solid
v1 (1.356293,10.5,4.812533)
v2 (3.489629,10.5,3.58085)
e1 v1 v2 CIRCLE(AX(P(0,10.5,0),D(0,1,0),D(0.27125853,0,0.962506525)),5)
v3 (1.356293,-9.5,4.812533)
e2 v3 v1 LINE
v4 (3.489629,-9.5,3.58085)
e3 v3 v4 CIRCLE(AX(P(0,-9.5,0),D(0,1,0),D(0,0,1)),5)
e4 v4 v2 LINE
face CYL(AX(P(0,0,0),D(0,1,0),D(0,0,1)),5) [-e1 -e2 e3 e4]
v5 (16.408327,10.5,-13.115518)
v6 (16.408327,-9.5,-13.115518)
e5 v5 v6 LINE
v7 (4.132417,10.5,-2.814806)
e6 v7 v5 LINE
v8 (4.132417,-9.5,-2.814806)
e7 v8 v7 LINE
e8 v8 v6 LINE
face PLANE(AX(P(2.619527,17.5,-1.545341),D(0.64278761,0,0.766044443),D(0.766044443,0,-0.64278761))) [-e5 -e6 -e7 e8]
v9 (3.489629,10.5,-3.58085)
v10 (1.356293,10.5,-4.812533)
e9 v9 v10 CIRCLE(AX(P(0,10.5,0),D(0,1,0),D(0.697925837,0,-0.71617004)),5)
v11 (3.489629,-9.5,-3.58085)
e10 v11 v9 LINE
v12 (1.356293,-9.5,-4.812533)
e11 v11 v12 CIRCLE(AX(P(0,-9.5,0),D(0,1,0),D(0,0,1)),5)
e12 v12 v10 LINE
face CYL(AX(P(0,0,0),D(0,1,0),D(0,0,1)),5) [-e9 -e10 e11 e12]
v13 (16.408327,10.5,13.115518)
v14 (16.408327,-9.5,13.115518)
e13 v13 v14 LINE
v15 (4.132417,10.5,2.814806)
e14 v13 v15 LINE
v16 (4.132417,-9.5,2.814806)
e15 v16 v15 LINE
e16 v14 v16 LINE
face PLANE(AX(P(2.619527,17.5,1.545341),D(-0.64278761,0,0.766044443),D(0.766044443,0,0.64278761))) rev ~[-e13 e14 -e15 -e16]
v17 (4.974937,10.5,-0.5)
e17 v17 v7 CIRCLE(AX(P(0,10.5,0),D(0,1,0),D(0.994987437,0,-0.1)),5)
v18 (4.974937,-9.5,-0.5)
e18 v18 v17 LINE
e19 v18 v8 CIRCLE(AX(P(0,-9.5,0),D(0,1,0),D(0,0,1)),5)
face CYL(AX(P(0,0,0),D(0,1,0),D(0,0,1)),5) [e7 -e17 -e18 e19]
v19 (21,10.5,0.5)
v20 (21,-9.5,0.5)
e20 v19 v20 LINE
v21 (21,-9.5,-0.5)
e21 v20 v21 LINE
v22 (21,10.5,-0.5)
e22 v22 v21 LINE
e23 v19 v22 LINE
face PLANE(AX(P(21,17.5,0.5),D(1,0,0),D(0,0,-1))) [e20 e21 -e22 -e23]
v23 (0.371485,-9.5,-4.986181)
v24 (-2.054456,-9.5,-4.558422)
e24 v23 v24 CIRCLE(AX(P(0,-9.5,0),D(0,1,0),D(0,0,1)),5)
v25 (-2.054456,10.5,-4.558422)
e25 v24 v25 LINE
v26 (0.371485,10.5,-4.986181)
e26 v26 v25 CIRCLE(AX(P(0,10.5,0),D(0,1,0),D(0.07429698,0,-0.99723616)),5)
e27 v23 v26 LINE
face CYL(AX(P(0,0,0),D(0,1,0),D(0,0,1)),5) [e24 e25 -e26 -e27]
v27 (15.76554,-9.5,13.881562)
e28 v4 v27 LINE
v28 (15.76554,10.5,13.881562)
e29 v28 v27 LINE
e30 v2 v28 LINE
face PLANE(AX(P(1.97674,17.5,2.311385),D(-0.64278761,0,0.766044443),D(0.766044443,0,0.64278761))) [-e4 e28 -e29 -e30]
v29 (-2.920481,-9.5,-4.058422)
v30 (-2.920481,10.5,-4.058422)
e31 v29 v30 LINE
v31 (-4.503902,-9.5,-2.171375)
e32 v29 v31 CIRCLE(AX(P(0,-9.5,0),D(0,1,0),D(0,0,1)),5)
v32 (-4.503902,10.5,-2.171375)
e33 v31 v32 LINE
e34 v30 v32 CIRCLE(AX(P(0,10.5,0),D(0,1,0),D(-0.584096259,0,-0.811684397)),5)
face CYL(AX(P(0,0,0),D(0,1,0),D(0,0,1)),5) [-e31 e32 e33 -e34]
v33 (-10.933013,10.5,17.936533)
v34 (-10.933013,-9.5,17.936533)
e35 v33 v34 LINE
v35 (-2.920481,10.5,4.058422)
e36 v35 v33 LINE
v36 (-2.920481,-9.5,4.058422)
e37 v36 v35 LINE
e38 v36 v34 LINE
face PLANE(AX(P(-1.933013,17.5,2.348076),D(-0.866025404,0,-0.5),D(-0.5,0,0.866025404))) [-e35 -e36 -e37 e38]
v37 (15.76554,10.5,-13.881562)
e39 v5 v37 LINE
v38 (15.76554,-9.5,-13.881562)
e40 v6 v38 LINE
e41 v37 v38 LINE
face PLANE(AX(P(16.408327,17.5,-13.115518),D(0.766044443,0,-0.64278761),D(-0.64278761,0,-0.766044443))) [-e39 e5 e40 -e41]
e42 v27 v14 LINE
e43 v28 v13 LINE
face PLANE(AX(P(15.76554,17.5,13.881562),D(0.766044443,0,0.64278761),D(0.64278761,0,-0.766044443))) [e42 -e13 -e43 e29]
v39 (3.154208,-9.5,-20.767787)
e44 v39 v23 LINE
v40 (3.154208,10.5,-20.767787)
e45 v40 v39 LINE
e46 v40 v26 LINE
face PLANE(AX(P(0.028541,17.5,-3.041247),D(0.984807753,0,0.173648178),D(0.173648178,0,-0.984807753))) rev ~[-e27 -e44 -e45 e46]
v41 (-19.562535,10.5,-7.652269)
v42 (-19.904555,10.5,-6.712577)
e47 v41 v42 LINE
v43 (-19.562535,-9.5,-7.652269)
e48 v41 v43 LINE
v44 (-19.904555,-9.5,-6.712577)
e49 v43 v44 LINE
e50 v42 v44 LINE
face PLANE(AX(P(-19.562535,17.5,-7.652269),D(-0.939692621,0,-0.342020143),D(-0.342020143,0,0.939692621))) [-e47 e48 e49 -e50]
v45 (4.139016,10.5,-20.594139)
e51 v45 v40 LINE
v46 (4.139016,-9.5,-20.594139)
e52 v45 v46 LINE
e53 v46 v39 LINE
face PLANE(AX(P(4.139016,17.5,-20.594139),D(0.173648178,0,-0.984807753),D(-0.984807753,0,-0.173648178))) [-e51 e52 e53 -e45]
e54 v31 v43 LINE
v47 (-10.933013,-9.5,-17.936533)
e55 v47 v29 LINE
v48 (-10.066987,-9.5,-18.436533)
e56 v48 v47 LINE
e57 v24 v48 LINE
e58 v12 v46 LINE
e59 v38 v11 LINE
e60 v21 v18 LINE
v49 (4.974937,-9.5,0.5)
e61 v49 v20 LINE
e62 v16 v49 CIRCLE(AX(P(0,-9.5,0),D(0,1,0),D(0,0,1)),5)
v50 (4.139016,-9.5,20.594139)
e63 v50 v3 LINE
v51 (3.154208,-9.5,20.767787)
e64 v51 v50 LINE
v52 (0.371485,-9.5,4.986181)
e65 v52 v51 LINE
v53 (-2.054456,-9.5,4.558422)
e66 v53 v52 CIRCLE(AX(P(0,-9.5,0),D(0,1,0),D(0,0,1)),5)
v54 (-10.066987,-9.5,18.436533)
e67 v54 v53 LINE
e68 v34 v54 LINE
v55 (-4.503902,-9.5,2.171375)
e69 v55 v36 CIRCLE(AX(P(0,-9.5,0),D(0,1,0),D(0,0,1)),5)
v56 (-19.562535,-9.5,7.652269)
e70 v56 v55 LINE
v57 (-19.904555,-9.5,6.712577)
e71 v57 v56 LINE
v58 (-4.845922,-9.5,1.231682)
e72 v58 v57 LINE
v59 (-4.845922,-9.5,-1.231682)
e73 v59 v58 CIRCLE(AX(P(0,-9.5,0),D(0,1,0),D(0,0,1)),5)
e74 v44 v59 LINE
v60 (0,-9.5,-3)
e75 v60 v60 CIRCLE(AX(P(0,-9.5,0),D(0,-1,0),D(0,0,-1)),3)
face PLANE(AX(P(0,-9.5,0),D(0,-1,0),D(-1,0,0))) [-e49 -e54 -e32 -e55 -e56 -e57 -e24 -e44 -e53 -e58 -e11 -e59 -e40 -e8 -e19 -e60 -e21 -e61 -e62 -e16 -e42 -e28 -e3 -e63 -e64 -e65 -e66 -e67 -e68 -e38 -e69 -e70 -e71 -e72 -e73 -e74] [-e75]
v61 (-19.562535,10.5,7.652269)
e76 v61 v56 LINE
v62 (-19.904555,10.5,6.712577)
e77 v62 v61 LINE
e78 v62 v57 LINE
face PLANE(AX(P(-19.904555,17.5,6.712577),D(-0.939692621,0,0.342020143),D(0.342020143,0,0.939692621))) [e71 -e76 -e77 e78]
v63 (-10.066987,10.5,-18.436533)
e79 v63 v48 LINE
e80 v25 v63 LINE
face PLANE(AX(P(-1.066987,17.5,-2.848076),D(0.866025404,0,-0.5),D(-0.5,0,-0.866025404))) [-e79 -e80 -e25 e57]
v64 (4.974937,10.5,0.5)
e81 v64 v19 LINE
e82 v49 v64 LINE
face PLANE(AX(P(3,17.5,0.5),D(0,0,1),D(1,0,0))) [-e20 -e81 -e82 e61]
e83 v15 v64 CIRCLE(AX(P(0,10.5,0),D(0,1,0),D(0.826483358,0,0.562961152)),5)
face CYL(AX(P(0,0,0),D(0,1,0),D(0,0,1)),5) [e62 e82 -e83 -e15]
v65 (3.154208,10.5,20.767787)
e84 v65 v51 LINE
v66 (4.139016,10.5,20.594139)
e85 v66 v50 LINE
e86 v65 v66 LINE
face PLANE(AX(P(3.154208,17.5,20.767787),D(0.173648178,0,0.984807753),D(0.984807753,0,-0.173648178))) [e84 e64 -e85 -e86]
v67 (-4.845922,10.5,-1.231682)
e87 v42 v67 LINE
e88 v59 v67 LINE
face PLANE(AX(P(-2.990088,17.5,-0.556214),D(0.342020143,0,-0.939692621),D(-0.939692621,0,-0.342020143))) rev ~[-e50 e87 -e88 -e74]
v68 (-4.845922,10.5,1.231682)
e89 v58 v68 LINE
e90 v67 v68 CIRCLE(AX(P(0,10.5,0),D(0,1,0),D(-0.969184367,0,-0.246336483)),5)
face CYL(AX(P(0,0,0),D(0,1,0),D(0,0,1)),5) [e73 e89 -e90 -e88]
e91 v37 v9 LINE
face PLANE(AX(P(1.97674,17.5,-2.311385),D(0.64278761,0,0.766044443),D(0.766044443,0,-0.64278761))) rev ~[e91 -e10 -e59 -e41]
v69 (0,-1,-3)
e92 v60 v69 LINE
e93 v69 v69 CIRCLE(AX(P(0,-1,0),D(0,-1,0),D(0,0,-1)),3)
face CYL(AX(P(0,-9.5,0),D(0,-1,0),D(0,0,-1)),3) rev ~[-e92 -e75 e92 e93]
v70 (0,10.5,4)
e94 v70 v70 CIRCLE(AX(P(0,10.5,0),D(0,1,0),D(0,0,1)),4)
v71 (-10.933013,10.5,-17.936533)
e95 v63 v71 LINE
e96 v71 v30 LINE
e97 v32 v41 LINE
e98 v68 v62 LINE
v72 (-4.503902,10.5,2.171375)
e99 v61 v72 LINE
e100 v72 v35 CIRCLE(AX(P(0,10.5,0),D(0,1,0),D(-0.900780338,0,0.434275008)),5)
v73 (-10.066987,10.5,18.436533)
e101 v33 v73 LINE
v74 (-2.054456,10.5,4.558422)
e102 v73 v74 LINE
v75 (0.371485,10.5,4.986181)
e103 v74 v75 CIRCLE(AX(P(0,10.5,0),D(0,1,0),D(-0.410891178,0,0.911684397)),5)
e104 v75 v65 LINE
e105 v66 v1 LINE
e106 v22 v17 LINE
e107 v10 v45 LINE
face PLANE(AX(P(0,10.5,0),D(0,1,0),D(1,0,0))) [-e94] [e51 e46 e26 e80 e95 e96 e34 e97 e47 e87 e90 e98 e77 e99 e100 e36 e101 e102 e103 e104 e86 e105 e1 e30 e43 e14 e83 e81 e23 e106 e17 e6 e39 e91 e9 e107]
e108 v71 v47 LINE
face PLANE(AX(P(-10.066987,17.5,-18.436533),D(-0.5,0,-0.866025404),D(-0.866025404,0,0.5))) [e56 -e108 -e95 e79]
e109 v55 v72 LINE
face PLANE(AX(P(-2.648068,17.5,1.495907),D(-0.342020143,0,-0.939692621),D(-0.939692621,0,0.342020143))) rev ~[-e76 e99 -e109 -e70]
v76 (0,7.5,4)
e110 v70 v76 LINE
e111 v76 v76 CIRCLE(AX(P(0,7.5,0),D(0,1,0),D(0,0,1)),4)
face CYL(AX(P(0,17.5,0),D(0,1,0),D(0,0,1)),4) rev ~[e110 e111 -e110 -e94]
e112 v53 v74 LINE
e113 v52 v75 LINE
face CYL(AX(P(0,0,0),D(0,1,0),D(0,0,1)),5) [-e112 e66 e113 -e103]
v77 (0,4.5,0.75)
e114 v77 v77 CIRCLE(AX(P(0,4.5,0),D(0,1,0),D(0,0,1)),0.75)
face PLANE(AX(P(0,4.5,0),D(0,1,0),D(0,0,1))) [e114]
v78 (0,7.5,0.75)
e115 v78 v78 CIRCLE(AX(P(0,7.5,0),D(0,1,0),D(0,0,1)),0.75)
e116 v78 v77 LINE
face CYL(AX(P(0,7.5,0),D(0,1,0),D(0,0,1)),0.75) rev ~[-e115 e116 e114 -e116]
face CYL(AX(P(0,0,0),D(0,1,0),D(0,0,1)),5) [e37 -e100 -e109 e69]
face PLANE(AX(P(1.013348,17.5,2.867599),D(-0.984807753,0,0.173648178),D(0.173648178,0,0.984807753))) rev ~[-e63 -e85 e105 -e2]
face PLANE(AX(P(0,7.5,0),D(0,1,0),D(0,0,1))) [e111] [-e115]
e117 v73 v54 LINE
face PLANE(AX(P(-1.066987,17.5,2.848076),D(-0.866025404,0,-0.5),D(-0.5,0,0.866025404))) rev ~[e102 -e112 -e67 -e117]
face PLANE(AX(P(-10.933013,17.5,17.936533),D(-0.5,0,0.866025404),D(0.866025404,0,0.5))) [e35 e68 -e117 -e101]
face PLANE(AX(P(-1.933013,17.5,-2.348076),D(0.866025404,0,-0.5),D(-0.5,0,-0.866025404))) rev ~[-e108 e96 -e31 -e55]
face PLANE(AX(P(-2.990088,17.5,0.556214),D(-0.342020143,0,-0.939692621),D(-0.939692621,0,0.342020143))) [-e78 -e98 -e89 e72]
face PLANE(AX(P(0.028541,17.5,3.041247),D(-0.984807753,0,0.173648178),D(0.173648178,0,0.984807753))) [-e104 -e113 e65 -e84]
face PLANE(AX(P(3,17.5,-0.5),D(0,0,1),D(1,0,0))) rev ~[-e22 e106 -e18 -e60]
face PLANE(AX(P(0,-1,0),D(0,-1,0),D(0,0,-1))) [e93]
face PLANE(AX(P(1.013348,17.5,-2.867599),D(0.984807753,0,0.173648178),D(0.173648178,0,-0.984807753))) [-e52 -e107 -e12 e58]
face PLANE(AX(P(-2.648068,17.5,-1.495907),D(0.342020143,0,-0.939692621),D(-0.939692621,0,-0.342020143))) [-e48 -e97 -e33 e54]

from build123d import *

# Parameters (mm, degrees)
SKETCH1_R           = 5
SKETCH1_R_2         = 3
BOSS_EXTRUDE2_DEPTH = 17.5
SKETCH4_W           = 18
SKETCH4_H           = 1
EXTRUDE_THIN1_DEPTH = 35
CIRPATTERN1_COUNT   = 9
SKETCH5_R           = 3
BOSS_EXTRUDE3_DEPTH = 15
SKETCH6_R           = 3.5
SKETCH6_R_2         = 1.5
CUT_EXTRUDE1_DEPTH  = 6
SKETCH15_R          = 1.5
CUT_EXTRUDE2_DEPTH  = 2
SKETCH17_R          = 2.5
BOSS_EXTRUDE4_DEPTH = 3
SKETCH18_R          = 2
CUT_EXTRUDE3_DEPTH  = 2
SKETCH19_R          = 4
CUT_EXTRUDE4_DEPTH  = 20
SKETCH20_W          = 45.677284088
SKETCH20_H          = 45.724664858
CUT_EXTRUDE5_DEPTH  = 8
SKETCH21_R          = 3
BOSS_EXTRUDE5_DEPTH = 1
SKETCH24_R          = 9.912143672
BOSS_EXTRUDE6_DEPTH = 0.5
SKETCH25_R          = 3.2
CUT_EXTRUDE6_DEPTH  = 2.1
SKETCH26_R          = 3.2
BOSS_EXTRUDE7_DEPTH = 0.25
CUT_EXTRUDE8_START  = -7.5
CUT_EXTRUDE8_DEPTH  = 7.5
SKETCH28_R          = 0.5
CUT_EXTRUDE9_DEPTH  = 1.5
CUT_EXTRUDE10_DEPTH = 7
BOSS_EXTRUDE8_START = 10
SKETCH30_R          = 4
BOSS_EXTRUDE8_DEPTH = 10
SKETCH33_R          = 18.064901356
CUT_EXTRUDE13_DEPTH = 20
SKETCH34_R          = 3
CUT_EXTRUDE14_DEPTH = 8.5
SKETCH35_R          = 0.75
CUT_EXTRUDE16_DEPTH = 3


with BuildPart() as part:
    # Sketch1 → Boss-Extrude2 (new, symmetric)
    with BuildSketch(Plane(origin=(0, 0, 0), x_dir=(1, 0, 0), z_dir=(0, 1, 0))):
        with Locations(Location((0, 0, 0), (0, 0, 270))):
            Circle(SKETCH1_R)
        with Locations(Location((0, 0, 0), (0, 0, 270))):
            Circle(SKETCH1_R_2, mode=Mode.SUBTRACT)
    extrude(amount=BOSS_EXTRUDE2_DEPTH, both=True)

    # Sketch4 → Extrude-Thin1 (add)
    with BuildSketch(Plane(origin=(0, 17.5, 0), x_dir=(1, 0, 0), z_dir=(0, 1, 0))):
        with Locations((12, 0)):
            Rectangle(SKETCH4_W, SKETCH4_H)
    extrude_thin1 = extrude(amount=-EXTRUDE_THIN1_DEPTH)

    # CirPattern1: Extrude-Thin1 ×9 about axis
    cirpattern1_axis = Axis((0, 0, 0), (0, 1, 0))
    for i in range(1, CIRPATTERN1_COUNT):
        add(extrude_thin1.rotate(cirpattern1_axis, i * 360 / CIRPATTERN1_COUNT))

    # Sketch5 → Boss-Extrude3 (add)
    with BuildSketch(Plane(origin=(0, -17.5, 0), x_dir=(-1, 0, 0), z_dir=(0, -1, 0))):
        with Locations(Location((0, 0, 0), (0, 0, 90))):
            Circle(SKETCH5_R)
    extrude(amount=-BOSS_EXTRUDE3_DEPTH)

    # Sketch6 → Cut-Extrude1 (cut)
    with BuildSketch(Plane(origin=(0, -17.5, 0), x_dir=(-1, 0, 0), z_dir=(0, -1, 0))):
        with Locations(Location((0, 0, 0), (0, 0, 90))):
            Circle(SKETCH6_R)
        with Locations(Location((0, 0, 0), (0, 0, 90))):
            Circle(SKETCH6_R_2, mode=Mode.SUBTRACT)
    extrude(amount=-CUT_EXTRUDE1_DEPTH, mode=Mode.SUBTRACT)

    # Sketch15 → Cut-Extrude2 (cut)
    with BuildSketch(Plane.XZ.offset(17.5)):
        with Locations(Location((0, 0, 0), (0, 0, 270))):
            Circle(SKETCH15_R)
    extrude(amount=-CUT_EXTRUDE2_DEPTH, mode=Mode.SUBTRACT)

    # Sketch17 → Boss-Extrude4 (add)
    with BuildSketch(Plane.XZ.offset(17.5)):
        with Locations((18.5, 0)):
            Circle(SKETCH17_R)
    extrude(amount=-BOSS_EXTRUDE4_DEPTH)

    # Sketch18 → Cut-Extrude3 (cut)
    with BuildSketch(Plane.XZ.offset(17.5)):
        with Locations(Location((18.5, 0, 0), (0, 0, 270))):
            Circle(SKETCH18_R)
    extrude(amount=-CUT_EXTRUDE3_DEPTH, mode=Mode.SUBTRACT)

    # Sketch19 → Cut-Extrude4 (cut)
    with BuildSketch(Plane(origin=(0, 17.5, 0), x_dir=(1, 0, 0), z_dir=(0, 1, 0))):
        with Locations(Location((0, 0, 0), (0, 0, 270))):
            Circle(SKETCH19_R)
    extrude(amount=-CUT_EXTRUDE4_DEPTH, mode=Mode.SUBTRACT)

    # Sketch20 → Cut-Extrude5 (cut)
    with BuildSketch(Plane(origin=(0, -17.5, 0), x_dir=(-1, 0, 0), z_dir=(0, -1, 0))):
        Rectangle(SKETCH20_W, SKETCH20_H)
    extrude(amount=-CUT_EXTRUDE5_DEPTH, mode=Mode.SUBTRACT)

    # Sketch21 → Boss-Extrude5 (add)
    with BuildSketch(Plane.XZ.offset(9.5)):
        with Locations(Location((0, 0, 0), (0, 0, 90))):
            Circle(SKETCH21_R)
    extrude(amount=BOSS_EXTRUDE5_DEPTH)

    # Sketch23 → Revolve1 (revolve)
    with BuildSketch(Plane(origin=(0, 0, 0), x_dir=(0, 0, -1), z_dir=(1, 0, 0))):
        with BuildLine():
            Line((-3, -10.5), (-2, -10.5))
            Line((-2, -10.5), (0, -10.5))
            Line((0, -10.5), (0, -17.5))
            Line((0, -17.5), (-8.912143672, -17.5))
            Line((-8.912143672, -17.5), (-9.912143672, -17.5))
            ThreePointArc((-9.912143672, -17.5), (-7.260403323, -13.2057636), (-3, -10.5))
        make_face()
    revolve(axis=Axis((0, -11.130650603, 0), (0, -1, 0)))

    # Sketch24 → Boss-Extrude6 (add)
    with BuildSketch(Plane.XZ.offset(17.5)):
        with Locations(Location((0, 0, 0), (0, 0, 270))):
            Circle(SKETCH24_R)
    extrude(amount=BOSS_EXTRUDE6_DEPTH)

    # Sketch25 → Cut-Extrude6 (cut)
    with BuildSketch(Plane.XZ.offset(18)):
        with Locations(Location((-0.56668442, 5, 0), (0, 0, 270))):
            Circle(SKETCH25_R)
    extrude(amount=-CUT_EXTRUDE6_DEPTH, mode=Mode.SUBTRACT)

    # Sketch26 → Boss-Extrude7 (add)
    with BuildSketch(Plane.XZ.offset(18)):
        with Locations(Location((-0.56668442, 5, 0), (0, 0, 270))):
            Circle(SKETCH26_R)
    extrude(amount=-BOSS_EXTRUDE7_DEPTH)

    # Sketch27 → Cut-Extrude8 (cut)
    with BuildSketch(Plane.XZ.offset(18).offset(CUT_EXTRUDE8_START)):
        with BuildLine():
            ThreePointArc((-5.368630905, 4.991892601), (-6.424807204, 5.779358473), (-7.613826501, 6.346671425))
            ThreePointArc((-7.613826501, 6.346671425), (-9.912143672, 0), (-7.613826501, -6.346671425))
            ThreePointArc((-7.613826501, -6.346671425), (-6.424807204, -5.779358473), (-5.368630905, -4.991892601))
            ThreePointArc((-5.368630905, -4.991892601), (-3.162143672, 0), (-5.368630905, 4.991892601))
        make_face()
        with BuildLine():
            ThreePointArc((9.912143672, 0), (9.319869483, 3.375), (7.613826501, 6.346671425))
            ThreePointArc((7.613826501, 6.346671425), (6.424807204, 5.779358473), (5.368630905, 4.991892601))
            ThreePointArc((5.368630905, 4.991892601), (3.162143672, 0), (5.368630905, -4.991892601))
            ThreePointArc((5.368630905, -4.991892601), (6.424807204, -5.779358473), (7.613826501, -6.346671425))
            ThreePointArc((7.613826501, -6.346671425), (9.319869483, -3.375), (9.912143672, 0))
        make_face()
        with BuildLine():
            ThreePointArc((-5.368630905, -4.991892601), (-6.424807204, -5.779358473), (-7.613826501, -6.346671425))
            ThreePointArc((-7.613826501, -6.346671425), (-4.203657524, -8.976628297), (0, -9.912143672))
            add(Edge.make_bspline(
                [(-5.368630905, -4.991892601), (-4.998119196, -7.539682857), (-2.616364035, -9.837937814), (0, -9.912143672)],
                knots=[0, 0, 0, 0, 1, 1, 1, 1], degree=3))
        make_face()
        with BuildLine():
            add(Edge.make_bspline(
                [(5.368630905, -4.991892601), (4.998119196, -7.539682857), (2.616364035, -9.837937814), (0, -9.912143672)],
                knots=[0, 0, 0, 0, 1, 1, 1, 1], degree=3))
            ThreePointArc((0, -9.912143672), (4.203657524, -8.976628297), (7.613826501, -6.346671425))
            ThreePointArc((7.613826501, -6.346671425), (6.424807204, -5.779358473), (5.368630905, -4.991892601))
        make_face()
        with BuildLine():
            ThreePointArc((0, 9.912143672), (-4.203657524, 8.976628297), (-7.613826501, 6.346671425))
            ThreePointArc((-7.613826501, 6.346671425), (-6.424807204, 5.779358473), (-5.368630905, 4.991892601))
            add(Edge.make_bspline(
                [(-5.368630905, 4.991892601), (-4.998119196, 7.539682857), (-2.616364035, 9.837937814), (0, 9.912143672)],
                knots=[0, 0, 0, 0, 1, 1, 1, 1], degree=3))
        make_face()
        with BuildLine():
            ThreePointArc((7.613826501, 6.346671425), (4.203657524, 8.976628297), (0, 9.912143672))
            add(Edge.make_bspline(
                [(5.368630905, 4.991892601), (4.998119196, 7.539682857), (2.616364035, 9.837937814), (0, 9.912143672)],
                knots=[0, 0, 0, 0, 1, 1, 1, 1], degree=3))
            ThreePointArc((5.368630905, 4.991892601), (6.424807204, 5.779358473), (7.613826501, 6.346671425))
        make_face()
    extrude(amount=CUT_EXTRUDE8_DEPTH, mode=Mode.SUBTRACT)

    # Sketch28 → Cut-Extrude9 (cut)
    with BuildSketch(Plane.XZ.offset(18)):
        with Locations(Location((0, 0, 0), (0, 0, 270))):
            Circle(SKETCH28_R)
    extrude(amount=-CUT_EXTRUDE9_DEPTH, mode=Mode.SUBTRACT)

    # Sketch29 → Cut-Extrude10 (cut)
    with BuildSketch(Plane(origin=(0, 17.5, 0), x_dir=(1, 0, 0), z_dir=(0, 1, 0))):
        with BuildLine():
            Line((3.489629181, -3.580850203), (15.765539501, -13.881562025))
            Line((15.765539501, -13.881562025), (16.40832711, -13.115517582))
            Line((16.40832711, -13.115517582), (4.132416791, -2.81480576))
            ThreePointArc((4.132416791, -2.81480576), (4.698463104, -1.710100717), (4.974937186, -0.5))
            Line((4.974937186, -0.5), (21, -0.5))
            Line((21, -0.5), (21, 0.5))
            Line((21, 0.5), (4.974937186, 0.5))
            ThreePointArc((4.974937186, 0.5), (4.698463104, 1.710100717), (4.132416791, 2.81480576))
            Line((4.132416791, 2.81480576), (16.40832711, 13.115517582))
            Line((16.40832711, 13.115517582), (15.765539501, 13.881562025))
            Line((15.765539501, 13.881562025), (3.489629181, 3.580850203))
            ThreePointArc((3.489629181, 3.580850203), (2.5, 4.330127019), (1.356292653, 4.812532622))
            Line((1.356292653, 4.812532622), (4.139015608, 20.594138724))
            Line((4.139015608, 20.594138724), (3.154207854, 20.767786902))
            Line((3.154207854, 20.767786902), (0.3714849, 4.9861808))
            ThreePointArc((0.3714849, 4.9861808), (-0.868240888, 4.924038765), (-2.054455891, 4.558421985))
            Line((-2.054455891, 4.558421985), (-10.066987298, 18.436533479))
            Line((-10.066987298, 18.436533479), (-10.933012702, 17.936533479))
            Line((-10.933012702, 17.936533479), (-2.920481295, 4.058421985))
            ThreePointArc((-2.920481295, 4.058421985), (-3.830222216, 3.213938048), (-4.50390169, 2.17137504))
            Line((-4.50390169, 2.17137504), (-19.562534965, 7.65226932))
            Line((-19.562534965, 7.65226932), (-19.904555108, 6.712576699))
            Line((-19.904555108, 6.712576699), (-4.845921834, 1.231682419))
            ThreePointArc((-4.845921834, 1.231682419), (-5, 0), (-4.845921834, -1.231682419))
            Line((-4.845921834, -1.231682419), (-19.904555108, -6.712576699))
            Line((-19.904555108, -6.712576699), (-19.562534965, -7.65226932))
            Line((-19.562534965, -7.65226932), (-4.50390169, -2.17137504))
            ThreePointArc((-4.50390169, -2.17137504), (-3.830222216, -3.213938048), (-2.920481295, -4.058421985))
            Line((-2.920481295, -4.058421985), (-10.933012702, -17.936533479))
            Line((-10.933012702, -17.936533479), (-10.066987298, -18.436533479))
            Line((-10.066987298, -18.436533479), (-2.054455891, -4.558421985))
            ThreePointArc((-2.054455891, -4.558421985), (-0.868240888, -4.924038765), (0.3714849, -4.9861808))
            Line((0.3714849, -4.9861808), (3.154207854, -20.767786902))
            Line((3.154207854, -20.767786902), (4.139015608, -20.594138724))
            Line((4.139015608, -20.594138724), (1.356292653, -4.812532622))
            ThreePointArc((1.356292653, -4.812532622), (2.5, -4.330127019), (3.489629181, -3.580850203))
        make_face()
    extrude(amount=-CUT_EXTRUDE10_DEPTH, mode=Mode.SUBTRACT)

    # Sketch30 → Boss-Extrude8 (add)
    with BuildSketch(Plane(origin=(0, -2.5, 0), x_dir=(1, 0, 0), z_dir=(0, 1, 0)).offset(BOSS_EXTRUDE8_START)):
        with Locations(Location((0, 0, 0), (0, 0, 270))):
            Circle(SKETCH30_R)
    extrude(amount=-BOSS_EXTRUDE8_DEPTH)

    # Sketch33 → Cut-Extrude13 (cut)
    with BuildSketch(Plane.XZ.offset(9.5)):
        Circle(SKETCH33_R)
    extrude(amount=CUT_EXTRUDE13_DEPTH, mode=Mode.SUBTRACT)

    # Sketch34 → Cut-Extrude14 (cut)
    with BuildSketch(Plane.XZ.offset(9.5)):
        with Locations(Location((0, 0, 0), (0, 0, 270))):
            Circle(SKETCH34_R)
    extrude(amount=-CUT_EXTRUDE14_DEPTH, mode=Mode.SUBTRACT)

    # Sketch35 → Cut-Extrude16 (cut)
    with BuildSketch(Plane(origin=(0, 7.5, 0), x_dir=(1, 0, 0), z_dir=(0, 1, 0))):
        with Locations(Location((0, 0, 0), (0, 0, 270))):
            Circle(SKETCH35_R)
    extrude(amount=-CUT_EXTRUDE16_DEPTH, mode=Mode.SUBTRACT)


solid = part.part
